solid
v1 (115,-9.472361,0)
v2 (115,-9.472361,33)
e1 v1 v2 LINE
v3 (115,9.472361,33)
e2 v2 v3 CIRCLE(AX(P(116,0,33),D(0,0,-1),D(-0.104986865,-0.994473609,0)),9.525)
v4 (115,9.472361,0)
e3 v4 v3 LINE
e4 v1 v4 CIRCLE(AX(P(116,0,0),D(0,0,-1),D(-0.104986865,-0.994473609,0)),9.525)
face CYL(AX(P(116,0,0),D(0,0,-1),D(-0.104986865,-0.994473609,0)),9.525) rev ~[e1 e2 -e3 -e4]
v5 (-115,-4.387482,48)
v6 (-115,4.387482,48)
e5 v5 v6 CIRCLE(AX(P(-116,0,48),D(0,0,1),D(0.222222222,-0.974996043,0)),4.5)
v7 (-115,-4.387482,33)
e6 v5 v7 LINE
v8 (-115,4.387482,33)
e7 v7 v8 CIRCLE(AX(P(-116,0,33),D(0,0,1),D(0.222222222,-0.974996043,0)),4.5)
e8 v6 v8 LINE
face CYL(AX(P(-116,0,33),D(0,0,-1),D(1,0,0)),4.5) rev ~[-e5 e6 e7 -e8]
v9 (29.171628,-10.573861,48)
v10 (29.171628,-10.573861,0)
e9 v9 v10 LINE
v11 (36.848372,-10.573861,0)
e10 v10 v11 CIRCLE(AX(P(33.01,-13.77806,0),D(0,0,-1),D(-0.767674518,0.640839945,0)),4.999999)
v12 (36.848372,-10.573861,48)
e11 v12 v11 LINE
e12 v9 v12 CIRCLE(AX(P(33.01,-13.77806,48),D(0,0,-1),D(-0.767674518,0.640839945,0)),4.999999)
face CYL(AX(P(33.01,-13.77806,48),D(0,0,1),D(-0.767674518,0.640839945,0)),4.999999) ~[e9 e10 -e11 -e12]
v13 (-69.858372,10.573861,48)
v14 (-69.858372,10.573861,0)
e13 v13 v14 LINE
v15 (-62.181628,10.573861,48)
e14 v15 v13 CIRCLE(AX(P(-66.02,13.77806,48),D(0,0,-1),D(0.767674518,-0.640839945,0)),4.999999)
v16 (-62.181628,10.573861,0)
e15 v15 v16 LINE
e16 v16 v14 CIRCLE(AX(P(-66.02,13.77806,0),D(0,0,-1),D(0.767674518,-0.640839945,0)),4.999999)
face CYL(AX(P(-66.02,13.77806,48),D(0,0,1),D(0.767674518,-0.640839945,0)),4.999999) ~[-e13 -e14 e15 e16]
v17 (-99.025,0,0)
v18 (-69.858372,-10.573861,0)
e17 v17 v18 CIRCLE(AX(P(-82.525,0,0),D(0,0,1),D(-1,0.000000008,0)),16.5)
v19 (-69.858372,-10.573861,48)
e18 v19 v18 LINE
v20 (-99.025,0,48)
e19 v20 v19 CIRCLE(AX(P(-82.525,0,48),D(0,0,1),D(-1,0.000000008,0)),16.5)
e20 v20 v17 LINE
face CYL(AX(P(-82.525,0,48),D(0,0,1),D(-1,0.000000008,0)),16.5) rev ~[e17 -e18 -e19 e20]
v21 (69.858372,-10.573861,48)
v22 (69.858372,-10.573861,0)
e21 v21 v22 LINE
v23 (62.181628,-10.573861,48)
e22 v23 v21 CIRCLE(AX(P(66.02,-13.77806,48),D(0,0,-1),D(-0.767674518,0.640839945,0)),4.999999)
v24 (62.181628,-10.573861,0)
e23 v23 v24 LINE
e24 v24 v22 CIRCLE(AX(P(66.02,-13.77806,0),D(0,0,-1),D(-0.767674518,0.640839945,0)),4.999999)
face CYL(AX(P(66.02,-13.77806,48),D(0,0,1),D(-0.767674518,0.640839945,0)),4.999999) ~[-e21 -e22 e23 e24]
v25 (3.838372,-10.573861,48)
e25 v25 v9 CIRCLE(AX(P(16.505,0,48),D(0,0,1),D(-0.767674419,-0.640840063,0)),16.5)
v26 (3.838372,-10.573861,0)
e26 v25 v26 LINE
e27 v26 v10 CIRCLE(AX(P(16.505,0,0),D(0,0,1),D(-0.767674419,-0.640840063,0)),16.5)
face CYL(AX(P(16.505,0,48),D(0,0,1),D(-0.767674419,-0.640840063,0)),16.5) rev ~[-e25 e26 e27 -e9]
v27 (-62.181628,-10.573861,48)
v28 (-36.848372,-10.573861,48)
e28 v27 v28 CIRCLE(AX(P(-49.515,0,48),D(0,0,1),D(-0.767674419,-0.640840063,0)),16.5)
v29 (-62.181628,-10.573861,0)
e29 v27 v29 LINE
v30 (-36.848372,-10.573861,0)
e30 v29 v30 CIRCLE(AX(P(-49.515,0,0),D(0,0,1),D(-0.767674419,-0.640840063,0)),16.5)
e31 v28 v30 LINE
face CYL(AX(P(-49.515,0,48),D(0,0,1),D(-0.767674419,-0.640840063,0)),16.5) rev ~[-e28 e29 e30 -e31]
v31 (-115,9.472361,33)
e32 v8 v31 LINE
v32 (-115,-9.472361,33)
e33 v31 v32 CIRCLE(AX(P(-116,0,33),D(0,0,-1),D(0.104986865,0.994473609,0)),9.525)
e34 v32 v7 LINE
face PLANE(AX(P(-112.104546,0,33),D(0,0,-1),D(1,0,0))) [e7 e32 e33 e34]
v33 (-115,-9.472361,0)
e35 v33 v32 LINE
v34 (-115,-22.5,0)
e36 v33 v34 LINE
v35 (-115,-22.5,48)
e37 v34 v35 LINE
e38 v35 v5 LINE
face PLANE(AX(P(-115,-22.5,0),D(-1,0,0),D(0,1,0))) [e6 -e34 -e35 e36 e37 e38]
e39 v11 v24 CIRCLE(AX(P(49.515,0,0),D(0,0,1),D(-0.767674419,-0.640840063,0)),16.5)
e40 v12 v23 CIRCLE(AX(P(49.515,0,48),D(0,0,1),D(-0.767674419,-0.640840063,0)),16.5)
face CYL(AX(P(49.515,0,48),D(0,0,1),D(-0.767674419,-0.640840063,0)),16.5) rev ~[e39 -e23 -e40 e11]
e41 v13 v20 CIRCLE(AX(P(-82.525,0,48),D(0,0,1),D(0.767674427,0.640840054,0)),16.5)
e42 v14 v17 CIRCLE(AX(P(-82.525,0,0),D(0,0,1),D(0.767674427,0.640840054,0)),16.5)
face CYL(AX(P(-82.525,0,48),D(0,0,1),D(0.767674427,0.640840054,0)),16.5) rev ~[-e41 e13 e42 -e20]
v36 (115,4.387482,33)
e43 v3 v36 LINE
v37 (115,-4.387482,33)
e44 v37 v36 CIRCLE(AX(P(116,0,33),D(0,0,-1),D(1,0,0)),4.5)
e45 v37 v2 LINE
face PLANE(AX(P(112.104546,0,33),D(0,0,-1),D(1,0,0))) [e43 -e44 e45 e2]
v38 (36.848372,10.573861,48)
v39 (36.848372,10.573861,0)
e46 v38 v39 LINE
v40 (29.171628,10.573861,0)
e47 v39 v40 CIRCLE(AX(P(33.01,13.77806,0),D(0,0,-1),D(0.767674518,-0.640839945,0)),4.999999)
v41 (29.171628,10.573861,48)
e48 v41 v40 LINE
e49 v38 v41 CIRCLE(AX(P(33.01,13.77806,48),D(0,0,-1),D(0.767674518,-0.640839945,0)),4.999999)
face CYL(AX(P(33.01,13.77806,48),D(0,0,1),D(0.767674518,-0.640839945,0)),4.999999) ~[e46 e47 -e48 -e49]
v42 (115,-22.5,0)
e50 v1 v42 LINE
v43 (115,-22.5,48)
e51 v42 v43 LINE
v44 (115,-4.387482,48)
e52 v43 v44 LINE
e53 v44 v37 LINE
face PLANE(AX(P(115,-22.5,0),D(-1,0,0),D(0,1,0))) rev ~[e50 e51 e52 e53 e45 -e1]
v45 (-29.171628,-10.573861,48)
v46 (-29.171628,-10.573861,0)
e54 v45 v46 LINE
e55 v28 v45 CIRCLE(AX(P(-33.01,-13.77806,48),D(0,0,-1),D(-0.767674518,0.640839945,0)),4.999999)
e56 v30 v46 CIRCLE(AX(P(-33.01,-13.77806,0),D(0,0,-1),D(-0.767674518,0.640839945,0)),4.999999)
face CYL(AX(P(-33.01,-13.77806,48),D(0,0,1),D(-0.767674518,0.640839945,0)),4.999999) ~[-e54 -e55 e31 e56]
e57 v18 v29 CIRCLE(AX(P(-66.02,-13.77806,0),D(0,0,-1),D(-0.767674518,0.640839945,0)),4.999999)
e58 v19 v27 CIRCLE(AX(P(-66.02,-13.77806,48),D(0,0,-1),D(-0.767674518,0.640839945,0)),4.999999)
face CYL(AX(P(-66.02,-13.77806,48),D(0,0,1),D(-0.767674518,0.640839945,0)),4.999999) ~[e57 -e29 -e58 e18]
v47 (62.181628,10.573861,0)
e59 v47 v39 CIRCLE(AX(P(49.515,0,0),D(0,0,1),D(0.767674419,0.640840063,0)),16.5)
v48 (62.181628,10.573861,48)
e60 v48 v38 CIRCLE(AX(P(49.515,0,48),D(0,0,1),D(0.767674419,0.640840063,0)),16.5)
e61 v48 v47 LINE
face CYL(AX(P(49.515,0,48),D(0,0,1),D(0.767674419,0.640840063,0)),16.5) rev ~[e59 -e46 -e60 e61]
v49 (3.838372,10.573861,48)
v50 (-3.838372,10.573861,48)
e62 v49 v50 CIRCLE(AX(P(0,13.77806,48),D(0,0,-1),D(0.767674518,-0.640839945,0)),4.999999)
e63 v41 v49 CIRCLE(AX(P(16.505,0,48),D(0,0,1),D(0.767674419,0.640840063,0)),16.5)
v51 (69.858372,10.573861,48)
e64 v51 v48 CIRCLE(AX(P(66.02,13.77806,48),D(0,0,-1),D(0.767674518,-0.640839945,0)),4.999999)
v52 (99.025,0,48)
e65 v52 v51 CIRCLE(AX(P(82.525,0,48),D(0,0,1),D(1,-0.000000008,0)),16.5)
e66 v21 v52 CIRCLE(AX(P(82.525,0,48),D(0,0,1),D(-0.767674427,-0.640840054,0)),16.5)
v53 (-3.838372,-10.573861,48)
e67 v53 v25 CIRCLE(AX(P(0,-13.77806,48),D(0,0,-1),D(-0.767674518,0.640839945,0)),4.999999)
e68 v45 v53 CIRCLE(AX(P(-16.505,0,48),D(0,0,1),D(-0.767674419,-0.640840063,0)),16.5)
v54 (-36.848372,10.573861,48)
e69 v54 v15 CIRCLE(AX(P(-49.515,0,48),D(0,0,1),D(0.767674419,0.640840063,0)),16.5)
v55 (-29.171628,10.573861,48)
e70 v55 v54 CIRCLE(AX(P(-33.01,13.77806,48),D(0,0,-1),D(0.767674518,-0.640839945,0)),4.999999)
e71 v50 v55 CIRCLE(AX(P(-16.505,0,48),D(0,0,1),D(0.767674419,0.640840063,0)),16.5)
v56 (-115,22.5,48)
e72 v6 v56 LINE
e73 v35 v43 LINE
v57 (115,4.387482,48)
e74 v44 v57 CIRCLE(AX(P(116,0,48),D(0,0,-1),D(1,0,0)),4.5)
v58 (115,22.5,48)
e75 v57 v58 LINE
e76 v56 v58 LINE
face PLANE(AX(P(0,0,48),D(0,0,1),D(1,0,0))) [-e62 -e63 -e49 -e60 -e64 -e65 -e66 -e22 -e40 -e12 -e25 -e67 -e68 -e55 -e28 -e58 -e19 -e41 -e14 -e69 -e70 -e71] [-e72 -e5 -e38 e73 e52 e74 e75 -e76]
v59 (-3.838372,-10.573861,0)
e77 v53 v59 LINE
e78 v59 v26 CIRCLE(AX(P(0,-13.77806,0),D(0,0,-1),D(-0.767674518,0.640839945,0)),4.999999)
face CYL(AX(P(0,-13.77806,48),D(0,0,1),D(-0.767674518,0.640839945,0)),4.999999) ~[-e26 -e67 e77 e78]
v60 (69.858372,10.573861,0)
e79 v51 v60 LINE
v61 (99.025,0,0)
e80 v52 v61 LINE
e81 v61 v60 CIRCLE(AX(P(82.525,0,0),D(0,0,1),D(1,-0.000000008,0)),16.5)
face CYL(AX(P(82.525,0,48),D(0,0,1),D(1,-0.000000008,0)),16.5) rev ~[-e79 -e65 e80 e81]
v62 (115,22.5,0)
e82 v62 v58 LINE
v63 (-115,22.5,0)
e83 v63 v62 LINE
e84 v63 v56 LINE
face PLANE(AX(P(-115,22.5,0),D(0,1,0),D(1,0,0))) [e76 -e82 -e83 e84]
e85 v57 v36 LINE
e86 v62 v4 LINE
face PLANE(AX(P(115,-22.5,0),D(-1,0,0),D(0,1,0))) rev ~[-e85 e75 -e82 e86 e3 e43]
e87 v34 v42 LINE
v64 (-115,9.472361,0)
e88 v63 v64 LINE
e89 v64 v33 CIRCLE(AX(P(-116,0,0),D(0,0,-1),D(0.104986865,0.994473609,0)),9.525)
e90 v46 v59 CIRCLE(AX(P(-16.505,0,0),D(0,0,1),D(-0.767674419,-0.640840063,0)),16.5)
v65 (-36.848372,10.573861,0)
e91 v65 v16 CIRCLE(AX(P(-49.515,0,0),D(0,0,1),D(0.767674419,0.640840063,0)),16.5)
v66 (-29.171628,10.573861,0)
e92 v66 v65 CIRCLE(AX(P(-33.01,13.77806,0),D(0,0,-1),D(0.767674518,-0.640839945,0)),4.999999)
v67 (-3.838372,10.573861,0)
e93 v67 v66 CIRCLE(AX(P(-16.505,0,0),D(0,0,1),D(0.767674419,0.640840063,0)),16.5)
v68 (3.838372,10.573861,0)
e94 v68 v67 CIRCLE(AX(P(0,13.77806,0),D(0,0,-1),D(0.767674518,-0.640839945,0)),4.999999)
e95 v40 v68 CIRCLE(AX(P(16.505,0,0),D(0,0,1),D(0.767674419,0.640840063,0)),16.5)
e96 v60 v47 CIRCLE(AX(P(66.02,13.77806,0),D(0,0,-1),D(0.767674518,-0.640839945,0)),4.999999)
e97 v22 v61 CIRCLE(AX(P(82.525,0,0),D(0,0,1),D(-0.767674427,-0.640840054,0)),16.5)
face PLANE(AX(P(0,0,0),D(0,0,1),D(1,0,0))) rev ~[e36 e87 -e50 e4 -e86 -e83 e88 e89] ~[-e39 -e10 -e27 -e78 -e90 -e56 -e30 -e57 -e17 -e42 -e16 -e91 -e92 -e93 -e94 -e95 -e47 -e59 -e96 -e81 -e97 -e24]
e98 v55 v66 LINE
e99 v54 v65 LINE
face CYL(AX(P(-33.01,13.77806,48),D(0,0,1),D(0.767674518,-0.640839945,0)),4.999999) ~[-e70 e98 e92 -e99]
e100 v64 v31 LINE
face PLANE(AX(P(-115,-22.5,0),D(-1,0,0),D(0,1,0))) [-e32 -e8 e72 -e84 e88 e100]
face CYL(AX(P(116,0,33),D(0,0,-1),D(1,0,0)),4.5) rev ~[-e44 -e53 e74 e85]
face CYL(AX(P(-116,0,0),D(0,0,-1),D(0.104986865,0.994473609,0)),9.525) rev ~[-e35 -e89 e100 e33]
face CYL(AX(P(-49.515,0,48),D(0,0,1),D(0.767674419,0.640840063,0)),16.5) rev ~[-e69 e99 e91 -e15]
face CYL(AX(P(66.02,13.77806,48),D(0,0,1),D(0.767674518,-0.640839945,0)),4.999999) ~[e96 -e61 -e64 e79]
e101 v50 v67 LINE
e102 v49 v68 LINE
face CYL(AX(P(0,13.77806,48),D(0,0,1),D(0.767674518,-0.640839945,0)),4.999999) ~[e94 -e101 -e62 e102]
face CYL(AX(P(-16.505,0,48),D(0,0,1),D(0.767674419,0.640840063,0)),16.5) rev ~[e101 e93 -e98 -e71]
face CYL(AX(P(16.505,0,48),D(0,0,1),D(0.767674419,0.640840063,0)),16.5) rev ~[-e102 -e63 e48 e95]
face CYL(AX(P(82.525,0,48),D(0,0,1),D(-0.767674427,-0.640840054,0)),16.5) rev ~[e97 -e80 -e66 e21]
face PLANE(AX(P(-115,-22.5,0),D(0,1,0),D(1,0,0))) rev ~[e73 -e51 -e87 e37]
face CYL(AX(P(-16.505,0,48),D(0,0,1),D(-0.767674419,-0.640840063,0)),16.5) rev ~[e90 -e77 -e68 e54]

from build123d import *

# Parameters (mm, degrees)
F0_W     = 230
F0_H     = 45
F1_DEPTH = 48
F3_DEPTH = 48
F5_DEPTH = 33
F6_R     = 4.5
F7_DEPTH = 15


with BuildPart() as f1:
    # F0 (on Top) → F1 (new body)
    with BuildSketch(Plane.XY):
        Rectangle(F0_W, F0_H)
    extrude(amount=F1_DEPTH)

    # F2 (on face) → F3 (cut, through all)
    with BuildSketch(Plane.XY.offset(48)):
        with BuildLine():
            ThreePointArc((-69.858372, 10.573861), (-88.148639, 15.512082), (-99.025, 0))
            ThreePointArc((-99.025, 0), (-88.148639, -15.512082), (-69.858372, -10.573861))
            ThreePointArc((-69.858372, -10.573861), (-66.02, -8.778061), (-62.181628, -10.573861))
            ThreePointArc((-62.181628, -10.573861), (-49.515, -16.5), (-36.848372, -10.573861))
            ThreePointArc((-36.848372, -10.573861), (-33.01, -8.778061), (-29.171628, -10.573861))
            ThreePointArc((-29.171628, -10.573861), (-16.505, -16.5), (-3.838372, -10.573861))
            ThreePointArc((-3.838372, -10.573861), (0, -8.778061), (3.838372, -10.573861))
            ThreePointArc((3.838372, -10.573861), (16.505, -16.5), (29.171628, -10.573861))
            ThreePointArc((29.171628, -10.573861), (33.01, -8.778061), (36.848372, -10.573861))
            ThreePointArc((36.848372, -10.573861), (49.515, -16.5), (62.181628, -10.573861))
            ThreePointArc((62.181628, -10.573861), (66.02, -8.778061), (69.858372, -10.573861))
            ThreePointArc((69.858372, -10.573861), (88.148639, -15.512082), (99.025, 0))
            ThreePointArc((99.025, 0), (88.148639, 15.512082), (69.858372, 10.573861))
            ThreePointArc((69.858372, 10.573861), (66.02, 8.778061), (62.181628, 10.573861))
            ThreePointArc((62.181628, 10.573861), (49.515, 16.5), (36.848372, 10.573861))
            ThreePointArc((36.848372, 10.573861), (33.01, 8.778061), (29.171628, 10.573861))
            ThreePointArc((29.171628, 10.573861), (16.505, 16.5), (3.838372, 10.573861))
            ThreePointArc((3.838372, 10.573861), (0, 8.778061), (-3.838372, 10.573861))
            ThreePointArc((-3.838372, 10.573861), (-16.505, 16.5), (-29.171628, 10.573861))
            ThreePointArc((-29.171628, 10.573861), (-33.01, 8.778061), (-36.848372, 10.573861))
            ThreePointArc((-36.848372, 10.573861), (-49.515, 16.5), (-62.181628, 10.573861))
            ThreePointArc((-62.181628, 10.573861), (-66.02, 8.778061), (-69.858372, 10.573861))
        make_face()
    extrude(amount=-F3_DEPTH, mode=Mode.SUBTRACT)

    # F4 (on face) → F5 (cut)
    with BuildSketch(Plane(origin=(0, 0, 0), x_dir=(1, 0, 0), z_dir=(0, 0, -1))):
        with BuildLine():
            Line((-115, -9.525), (-115, -9.472361))
            ThreePointArc((-115, -9.472361), (-115.499308, -9.511831), (-116, -9.525))
            Line((-116, -9.525), (-115, -9.525))
        make_face()
        with BuildLine():
            ThreePointArc((-115, -9.472361), (-106.475, 0), (-115, 9.472361))
            Line((-115, 9.472361), (-115, -9.472361))
        make_face()
        with BuildLine():
            Line((-115, 9.525), (-116, 9.525))
            ThreePointArc((-116, 9.525), (-115.499308, 9.511831), (-115, 9.472361))
            Line((-115, 9.472361), (-115, 9.525))
        make_face()
        with BuildLine():
            ThreePointArc((115, 9.472361), (115.499308, 9.511831), (116, 9.525))
            Line((116, 9.525), (115, 9.525))
            Line((115, 9.525), (115, 9.472361))
        make_face()
        with BuildLine():
            ThreePointArc((116, -9.525), (115.499308, -9.511831), (115, -9.472361))
            Line((115, -9.472361), (115, -9.525))
            Line((115, -9.525), (116, -9.525))
        make_face()
        with BuildLine():
            Line((115, -9.472361), (115, 9.472361))
            ThreePointArc((115, 9.472361), (106.475, 0), (115, -9.472361))
        make_face()
    extrude(amount=-F5_DEPTH, mode=Mode.SUBTRACT)

    # F6 (on face) → F7 (cut, through all)
    with BuildSketch(Plane(origin=(0, 0, 33), x_dir=(1, 0, 0), z_dir=(0, 0, -1))):
        with Locations((-116, 0)):
            Circle(F6_R)
        with Locations((116, 0)):
            Circle(F6_R)
    extrude(amount=-F7_DEPTH, mode=Mode.SUBTRACT)


solid = f1.part
